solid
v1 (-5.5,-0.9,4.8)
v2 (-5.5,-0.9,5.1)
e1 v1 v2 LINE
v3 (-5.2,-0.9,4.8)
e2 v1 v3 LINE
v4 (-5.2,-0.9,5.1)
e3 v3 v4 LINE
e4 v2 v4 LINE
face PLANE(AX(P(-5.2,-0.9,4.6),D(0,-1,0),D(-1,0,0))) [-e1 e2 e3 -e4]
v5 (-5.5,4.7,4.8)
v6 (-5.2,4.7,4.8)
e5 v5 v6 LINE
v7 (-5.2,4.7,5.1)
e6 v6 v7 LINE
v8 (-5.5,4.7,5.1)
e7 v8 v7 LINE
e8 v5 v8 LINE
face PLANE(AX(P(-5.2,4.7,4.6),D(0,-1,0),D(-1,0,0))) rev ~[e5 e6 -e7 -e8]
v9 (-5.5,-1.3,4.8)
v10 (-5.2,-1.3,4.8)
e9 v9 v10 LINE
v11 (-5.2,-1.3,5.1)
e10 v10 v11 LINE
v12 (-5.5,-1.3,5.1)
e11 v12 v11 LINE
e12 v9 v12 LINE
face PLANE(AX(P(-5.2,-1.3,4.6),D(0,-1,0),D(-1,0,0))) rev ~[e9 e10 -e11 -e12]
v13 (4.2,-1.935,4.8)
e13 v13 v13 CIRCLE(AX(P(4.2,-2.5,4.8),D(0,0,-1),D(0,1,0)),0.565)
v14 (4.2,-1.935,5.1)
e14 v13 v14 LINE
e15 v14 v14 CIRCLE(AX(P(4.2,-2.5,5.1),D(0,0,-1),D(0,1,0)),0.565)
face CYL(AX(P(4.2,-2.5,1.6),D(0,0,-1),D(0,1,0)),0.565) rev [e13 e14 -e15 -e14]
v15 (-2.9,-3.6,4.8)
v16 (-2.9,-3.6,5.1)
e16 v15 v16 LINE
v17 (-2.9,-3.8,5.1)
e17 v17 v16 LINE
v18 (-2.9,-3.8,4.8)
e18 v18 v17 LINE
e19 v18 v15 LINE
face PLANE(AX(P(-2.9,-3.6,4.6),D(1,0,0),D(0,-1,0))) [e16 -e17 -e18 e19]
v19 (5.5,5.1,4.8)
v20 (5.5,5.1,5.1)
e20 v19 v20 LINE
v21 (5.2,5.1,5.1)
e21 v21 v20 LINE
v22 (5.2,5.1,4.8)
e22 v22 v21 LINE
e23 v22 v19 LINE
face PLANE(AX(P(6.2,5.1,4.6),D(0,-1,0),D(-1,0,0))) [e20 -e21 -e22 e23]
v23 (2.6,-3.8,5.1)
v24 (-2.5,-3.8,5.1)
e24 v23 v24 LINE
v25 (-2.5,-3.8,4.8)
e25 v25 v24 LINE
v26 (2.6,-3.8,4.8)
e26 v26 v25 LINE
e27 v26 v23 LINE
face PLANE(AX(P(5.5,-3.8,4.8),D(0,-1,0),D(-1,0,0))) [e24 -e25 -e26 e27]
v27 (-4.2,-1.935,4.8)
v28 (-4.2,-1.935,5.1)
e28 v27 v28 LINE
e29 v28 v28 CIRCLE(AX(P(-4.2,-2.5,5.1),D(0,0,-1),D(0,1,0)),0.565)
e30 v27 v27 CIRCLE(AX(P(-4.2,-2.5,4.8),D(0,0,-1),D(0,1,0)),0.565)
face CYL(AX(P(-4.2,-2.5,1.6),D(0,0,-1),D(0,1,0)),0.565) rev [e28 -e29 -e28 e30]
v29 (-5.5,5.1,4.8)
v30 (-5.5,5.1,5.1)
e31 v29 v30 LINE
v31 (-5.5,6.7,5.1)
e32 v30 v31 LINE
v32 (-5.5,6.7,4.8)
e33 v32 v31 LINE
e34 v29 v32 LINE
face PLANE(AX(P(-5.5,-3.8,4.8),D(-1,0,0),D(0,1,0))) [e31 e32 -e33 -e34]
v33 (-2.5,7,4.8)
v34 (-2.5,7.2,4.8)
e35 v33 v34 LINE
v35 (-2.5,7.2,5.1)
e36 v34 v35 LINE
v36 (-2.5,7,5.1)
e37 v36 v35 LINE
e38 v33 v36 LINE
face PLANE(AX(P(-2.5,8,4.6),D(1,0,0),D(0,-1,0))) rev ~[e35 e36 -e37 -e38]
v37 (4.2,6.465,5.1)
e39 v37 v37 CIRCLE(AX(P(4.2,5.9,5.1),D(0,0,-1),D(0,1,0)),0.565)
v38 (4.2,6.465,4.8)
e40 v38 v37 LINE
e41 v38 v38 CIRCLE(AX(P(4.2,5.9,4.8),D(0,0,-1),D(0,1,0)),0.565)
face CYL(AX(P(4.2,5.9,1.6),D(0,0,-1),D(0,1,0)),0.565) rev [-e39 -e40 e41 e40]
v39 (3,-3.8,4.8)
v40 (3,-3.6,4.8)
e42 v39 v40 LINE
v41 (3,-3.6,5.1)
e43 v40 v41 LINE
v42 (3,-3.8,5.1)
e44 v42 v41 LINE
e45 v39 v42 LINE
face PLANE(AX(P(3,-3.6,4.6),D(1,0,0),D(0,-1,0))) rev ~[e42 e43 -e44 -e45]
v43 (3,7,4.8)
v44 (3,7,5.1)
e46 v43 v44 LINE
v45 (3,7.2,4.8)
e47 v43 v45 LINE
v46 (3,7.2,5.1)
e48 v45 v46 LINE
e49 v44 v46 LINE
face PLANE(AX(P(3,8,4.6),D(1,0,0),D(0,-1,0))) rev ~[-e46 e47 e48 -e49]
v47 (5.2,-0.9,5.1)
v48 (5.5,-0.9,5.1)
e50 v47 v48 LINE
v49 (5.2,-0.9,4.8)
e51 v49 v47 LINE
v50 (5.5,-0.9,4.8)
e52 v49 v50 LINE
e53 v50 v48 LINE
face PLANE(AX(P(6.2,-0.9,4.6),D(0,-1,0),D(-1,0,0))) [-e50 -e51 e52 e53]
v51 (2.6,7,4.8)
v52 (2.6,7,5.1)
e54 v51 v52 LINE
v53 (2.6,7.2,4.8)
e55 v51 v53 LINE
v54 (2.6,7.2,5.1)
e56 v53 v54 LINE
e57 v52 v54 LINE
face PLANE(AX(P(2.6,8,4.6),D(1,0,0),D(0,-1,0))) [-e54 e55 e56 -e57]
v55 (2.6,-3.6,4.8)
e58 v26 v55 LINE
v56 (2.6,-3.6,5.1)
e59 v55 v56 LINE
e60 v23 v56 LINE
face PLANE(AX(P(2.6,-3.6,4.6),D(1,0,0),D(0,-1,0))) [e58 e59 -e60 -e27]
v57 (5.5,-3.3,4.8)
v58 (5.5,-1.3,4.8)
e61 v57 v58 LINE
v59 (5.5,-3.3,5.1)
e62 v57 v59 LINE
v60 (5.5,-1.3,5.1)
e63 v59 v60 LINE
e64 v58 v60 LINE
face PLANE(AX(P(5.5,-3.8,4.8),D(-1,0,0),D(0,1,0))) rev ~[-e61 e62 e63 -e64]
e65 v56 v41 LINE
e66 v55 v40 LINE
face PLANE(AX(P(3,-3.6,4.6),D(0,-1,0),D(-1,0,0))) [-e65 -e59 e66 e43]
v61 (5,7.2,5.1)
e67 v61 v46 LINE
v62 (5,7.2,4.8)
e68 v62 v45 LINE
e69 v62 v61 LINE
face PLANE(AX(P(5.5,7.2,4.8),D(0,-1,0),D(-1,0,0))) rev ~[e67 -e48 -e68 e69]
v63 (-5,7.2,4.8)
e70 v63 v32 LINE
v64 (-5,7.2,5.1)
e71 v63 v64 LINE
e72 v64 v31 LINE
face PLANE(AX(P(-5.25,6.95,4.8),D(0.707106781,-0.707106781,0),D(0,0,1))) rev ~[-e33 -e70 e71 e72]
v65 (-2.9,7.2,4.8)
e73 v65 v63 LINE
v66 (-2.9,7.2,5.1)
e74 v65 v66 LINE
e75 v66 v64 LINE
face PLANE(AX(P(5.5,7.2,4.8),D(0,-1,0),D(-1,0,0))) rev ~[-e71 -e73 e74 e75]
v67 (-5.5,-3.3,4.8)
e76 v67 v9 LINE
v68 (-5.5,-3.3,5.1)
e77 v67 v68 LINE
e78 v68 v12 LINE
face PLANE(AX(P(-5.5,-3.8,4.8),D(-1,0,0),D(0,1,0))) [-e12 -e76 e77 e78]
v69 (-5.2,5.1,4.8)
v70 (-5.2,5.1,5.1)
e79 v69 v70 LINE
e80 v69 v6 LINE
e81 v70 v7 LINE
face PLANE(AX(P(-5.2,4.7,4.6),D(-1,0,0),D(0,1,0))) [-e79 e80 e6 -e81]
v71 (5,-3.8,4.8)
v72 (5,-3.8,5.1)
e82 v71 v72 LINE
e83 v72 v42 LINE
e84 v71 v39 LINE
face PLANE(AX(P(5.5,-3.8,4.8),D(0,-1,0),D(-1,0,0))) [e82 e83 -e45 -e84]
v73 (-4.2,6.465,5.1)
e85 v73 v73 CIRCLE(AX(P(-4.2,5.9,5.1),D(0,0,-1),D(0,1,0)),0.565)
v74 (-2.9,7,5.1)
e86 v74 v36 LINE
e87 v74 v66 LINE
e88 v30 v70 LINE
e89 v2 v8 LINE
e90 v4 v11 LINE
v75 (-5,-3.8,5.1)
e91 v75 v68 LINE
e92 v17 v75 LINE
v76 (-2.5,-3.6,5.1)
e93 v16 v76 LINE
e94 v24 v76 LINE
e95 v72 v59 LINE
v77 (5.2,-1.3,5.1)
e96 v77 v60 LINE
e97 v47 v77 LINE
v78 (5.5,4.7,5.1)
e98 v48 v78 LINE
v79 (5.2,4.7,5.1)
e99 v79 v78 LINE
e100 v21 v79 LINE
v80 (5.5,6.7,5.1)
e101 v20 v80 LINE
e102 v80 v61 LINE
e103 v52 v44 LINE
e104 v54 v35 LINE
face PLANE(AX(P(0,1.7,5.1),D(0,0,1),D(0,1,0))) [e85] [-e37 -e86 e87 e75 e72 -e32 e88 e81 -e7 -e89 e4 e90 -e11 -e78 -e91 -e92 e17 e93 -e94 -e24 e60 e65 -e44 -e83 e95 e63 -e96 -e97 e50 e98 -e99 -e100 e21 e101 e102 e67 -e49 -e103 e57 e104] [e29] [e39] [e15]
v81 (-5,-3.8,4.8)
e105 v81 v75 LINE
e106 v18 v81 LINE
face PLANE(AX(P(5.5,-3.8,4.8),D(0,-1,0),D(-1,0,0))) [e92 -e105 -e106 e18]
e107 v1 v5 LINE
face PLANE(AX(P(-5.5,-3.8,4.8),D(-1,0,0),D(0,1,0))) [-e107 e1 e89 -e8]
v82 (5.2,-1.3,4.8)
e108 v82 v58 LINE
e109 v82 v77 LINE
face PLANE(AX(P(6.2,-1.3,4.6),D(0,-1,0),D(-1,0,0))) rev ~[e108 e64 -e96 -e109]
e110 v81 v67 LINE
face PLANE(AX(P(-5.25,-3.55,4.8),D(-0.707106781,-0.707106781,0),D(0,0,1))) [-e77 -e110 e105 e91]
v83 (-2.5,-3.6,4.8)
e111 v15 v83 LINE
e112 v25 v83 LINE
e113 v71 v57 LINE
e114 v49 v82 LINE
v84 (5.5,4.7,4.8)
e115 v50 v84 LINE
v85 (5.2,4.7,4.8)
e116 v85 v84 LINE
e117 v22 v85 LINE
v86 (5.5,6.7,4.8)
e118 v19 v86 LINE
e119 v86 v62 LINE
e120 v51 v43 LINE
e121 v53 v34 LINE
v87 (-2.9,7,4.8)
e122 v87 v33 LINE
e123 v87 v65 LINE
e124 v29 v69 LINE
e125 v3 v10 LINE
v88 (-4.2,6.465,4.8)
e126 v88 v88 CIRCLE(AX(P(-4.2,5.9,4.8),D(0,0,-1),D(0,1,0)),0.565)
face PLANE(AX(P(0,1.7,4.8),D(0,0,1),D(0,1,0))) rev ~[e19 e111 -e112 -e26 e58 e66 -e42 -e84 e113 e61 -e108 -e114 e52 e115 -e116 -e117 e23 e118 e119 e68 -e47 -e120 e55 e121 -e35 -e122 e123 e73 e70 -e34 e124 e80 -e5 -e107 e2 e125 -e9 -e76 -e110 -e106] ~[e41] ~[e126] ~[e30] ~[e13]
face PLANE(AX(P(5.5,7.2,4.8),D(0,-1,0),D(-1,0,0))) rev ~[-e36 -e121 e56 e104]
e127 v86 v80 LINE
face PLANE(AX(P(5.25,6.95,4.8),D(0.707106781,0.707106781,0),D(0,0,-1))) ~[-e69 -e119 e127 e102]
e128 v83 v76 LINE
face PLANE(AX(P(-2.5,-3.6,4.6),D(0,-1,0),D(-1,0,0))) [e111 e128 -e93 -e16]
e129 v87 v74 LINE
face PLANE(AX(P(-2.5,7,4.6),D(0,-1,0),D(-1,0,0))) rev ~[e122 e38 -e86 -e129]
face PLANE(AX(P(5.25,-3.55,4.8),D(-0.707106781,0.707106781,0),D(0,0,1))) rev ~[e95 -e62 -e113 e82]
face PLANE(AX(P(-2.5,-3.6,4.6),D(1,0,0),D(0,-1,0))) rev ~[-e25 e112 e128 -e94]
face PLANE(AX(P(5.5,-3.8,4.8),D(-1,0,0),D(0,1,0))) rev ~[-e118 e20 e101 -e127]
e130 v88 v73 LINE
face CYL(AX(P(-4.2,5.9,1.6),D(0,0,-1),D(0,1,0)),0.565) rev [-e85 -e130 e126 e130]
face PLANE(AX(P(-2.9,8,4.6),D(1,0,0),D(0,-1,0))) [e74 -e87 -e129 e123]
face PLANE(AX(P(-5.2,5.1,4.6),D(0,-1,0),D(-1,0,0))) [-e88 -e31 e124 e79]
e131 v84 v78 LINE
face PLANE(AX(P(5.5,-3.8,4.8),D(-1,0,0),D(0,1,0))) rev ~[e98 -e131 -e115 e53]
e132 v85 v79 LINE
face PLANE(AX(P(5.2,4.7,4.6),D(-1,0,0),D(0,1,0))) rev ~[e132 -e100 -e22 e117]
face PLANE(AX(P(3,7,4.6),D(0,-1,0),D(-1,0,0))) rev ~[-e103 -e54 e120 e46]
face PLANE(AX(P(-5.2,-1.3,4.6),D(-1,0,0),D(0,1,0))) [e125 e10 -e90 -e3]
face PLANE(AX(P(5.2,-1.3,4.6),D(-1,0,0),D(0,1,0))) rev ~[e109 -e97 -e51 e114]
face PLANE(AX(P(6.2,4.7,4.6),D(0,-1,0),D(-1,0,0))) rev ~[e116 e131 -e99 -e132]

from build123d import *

# Parameters (mm, degrees)
CYLINDER013_R          = 0.565
CYLINDER013_DEPTH      = 5
CYLINDER012_R          = 0.565
CYLINDER012_DEPTH      = 5
CYLINDER008_R          = 0.565
CYLINDER008_DEPTH      = 5
CYLINDER003_R          = 0.565
CYLINDER003_DEPTH      = 5
BOX018_W               = 0.4
BOX018_H               = 1
BOX018_DEPTH           = 1
BOX018_PLACEMENT_ANGLE = 90
BOX001_W               = 0.4
BOX001_H               = 1
BOX001_DEPTH           = 1
BOX001_PLACEMENT_ANGLE = 90
BOX014_W               = 0.4
BOX014_H               = 1
BOX014_DEPTH           = 1
BOX014_PLACEMENT_ANGLE = 90
BOX015_W               = 0.4
BOX015_H               = 1
BOX015_DEPTH           = 1
BOX015_PLACEMENT_ANGLE = 90
BOX017_W               = 0.4
BOX017_H               = 1
BOX017_DEPTH           = 1
BOX016_W               = 0.4
BOX016_H               = 1
BOX016_DEPTH           = 1
BOX013_W               = 0.4
BOX013_H               = 1
BOX013_DEPTH           = 1
BOX_W                  = 0.4
BOX_H                  = 1
BOX_DEPTH              = 1
BOX012_W               = 11
BOX012_H               = 11
BOX012_DEPTH           = 0.3
CHAMFER002_SIZE        = 0.5
CUT010_PLACEMENT_ANGLE = 90


with BuildPart() as cilindro009:
    # Cylinder013 → Cylinder013 (new body)
    with BuildSketch(Plane(origin=(4.2, -4.2, 0), x_dir=(1, 0, 0), z_dir=(0, 0, 1))):
        Circle(CYLINDER013_R)
    extrude(amount=CYLINDER013_DEPTH)


with BuildPart() as cilindro008:
    # Cylinder012 → Cylinder012 (new body)
    with BuildSketch(Plane(origin=(-4.2, -4.2, 0), x_dir=(1, 0, 0), z_dir=(0, 0, 1))):
        Circle(CYLINDER012_R)
    extrude(amount=CYLINDER012_DEPTH)


with BuildPart() as cilindro006:
    # Cylinder008 → Cylinder008 (new body)
    with BuildSketch(Plane(origin=(4.2, 4.2, 0), x_dir=(1, 0, 0), z_dir=(0, 0, 1))):
        Circle(CYLINDER008_R)
    extrude(amount=CYLINDER008_DEPTH)


with BuildPart() as cilindro007:
    # Cylinder003 → Cylinder003 (new body)
    with BuildSketch(Plane(origin=(-4.2, 4.2, 0), x_dir=(1, 0, 0), z_dir=(0, 0, 1))):
        Circle(CYLINDER003_R)
    extrude(amount=CYLINDER003_DEPTH)


with BuildPart() as pesta_adinf001:
    # Box018 → Box018 (new body)
    with BuildSketch(Plane.XY):
        with Locations((0.2, 0.5)):
            Rectangle(BOX018_W, BOX018_H)
    extrude(amount=BOX018_DEPTH)


with BuildPart() as pesta_adinf001_1:
    # Box018 placement: moved
    add(pesta_adinf001.part.moved(Location((6.3, -3, 3))).rotate(Axis((6.3, -3, 3), (0, 0, 1)), BOX018_PLACEMENT_ANGLE))


with BuildPart() as pesta_ads001:
    # Box001 → Box001 (new body)
    with BuildSketch(Plane.XY):
        with Locations((0.2, 0.5)):
            Rectangle(BOX001_W, BOX001_H)
    extrude(amount=BOX001_DEPTH)


with BuildPart() as pesta_ads001_1:
    # Box001 placement: moved
    add(pesta_ads001.part.moved(Location((6.3, 2.5, 3))).rotate(Axis((6.3, 2.5, 3), (0, 0, 1)), BOX001_PLACEMENT_ANGLE))


with BuildPart() as pesta_aiinf001:
    # Box014 → Box014 (new body)
    with BuildSketch(Plane.XY):
        with Locations((0.2, 0.5)):
            Rectangle(BOX014_W, BOX014_H)
    extrude(amount=BOX014_DEPTH)


with BuildPart() as pesta_aiinf001_1:
    # Box014 placement: moved
    add(pesta_aiinf001.part.moved(Location((-5.3, -3, 3))).rotate(Axis((-5.3, -3, 3), (0, 0, 1)), BOX014_PLACEMENT_ANGLE))


with BuildPart() as pesta_ais001:
    # Box015 → Box015 (new body)
    with BuildSketch(Plane.XY):
        with Locations((0.2, 0.5)):
            Rectangle(BOX015_W, BOX015_H)
    extrude(amount=BOX015_DEPTH)


with BuildPart() as pesta_ais001_1:
    # Box015 placement: moved
    add(pesta_ais001.part.moved(Location((-5.3, 2.5, 3))).rotate(Axis((-5.3, 2.5, 3), (0, 0, 1)), BOX015_PLACEMENT_ANGLE))


with BuildPart() as pesta_aid001:
    # Box017 → Box017 (new body)
    with BuildSketch(Plane(origin=(3, -6.2, 3), x_dir=(1, 0, 0), z_dir=(0, 0, 1))):
        with Locations((0.2, 0.5)):
            Rectangle(BOX017_W, BOX017_H)
    extrude(amount=BOX017_DEPTH)


with BuildPart() as pesta_aii001:
    # Box016 → Box016 (new body)
    with BuildSketch(Plane(origin=(-3, -6.2, 3), x_dir=(1, 0, 0), z_dir=(0, 0, 1))):
        with Locations((0.2, 0.5)):
            Rectangle(BOX016_W, BOX016_H)
    extrude(amount=BOX016_DEPTH)


with BuildPart() as pesta_asd001:
    # Box013 → Box013 (new body)
    with BuildSketch(Plane(origin=(3, 5.2, 3), x_dir=(1, 0, 0), z_dir=(0, 0, 1))):
        with Locations((0.2, 0.5)):
            Rectangle(BOX013_W, BOX013_H)
    extrude(amount=BOX013_DEPTH)


with BuildPart() as pesta_asi001:
    # Box → Box (new body)
    with BuildSketch(Plane(origin=(-3, 5.2, 3), x_dir=(1, 0, 0), z_dir=(0, 0, 1))):
        with Locations((0.2, 0.5)):
            Rectangle(BOX_W, BOX_H)
    extrude(amount=BOX_DEPTH)


with BuildPart() as chapametalica:
    # Box012 → Box012 (new body)
    with BuildSketch(Plane(origin=(-5.5, -5.5, 3.6), x_dir=(1, 0, 0), z_dir=(0, 0, 1))):
        with Locations((5.5, 5.5)):
            Rectangle(BOX012_W, BOX012_H)
    extrude(amount=BOX012_DEPTH)

    # Chamfer002
    chamfer002_edges = [chapametalica.edges().sort_by_distance(p)[0] for p in [
        (-5.5, -5.5, 3.75),
        (-5.5, 5.5, 3.75),
        (5.5, -5.5, 3.75),
        (5.5, 5.5, 3.75),
    ]]
    chamfer(chamfer002_edges, length=CHAMFER002_SIZE)


with BuildPart() as chapametalica_1:
    # Chamfer002 placement: moved
    add(chapametalica.part.moved(Location((0, 0, -0.4))))

    # Cut021: cut pestañaSI001
    add(pesta_asi001.part, mode=Mode.SUBTRACT)

    # Cut022: cut pestañaSD001
    add(pesta_asd001.part, mode=Mode.SUBTRACT)

    # Cut029: cut pestañaII001
    add(pesta_aii001.part, mode=Mode.SUBTRACT)

    # Cut006: cut pestañaID001
    add(pesta_aid001.part, mode=Mode.SUBTRACT)

    # Cut005: cut pestañaIS001
    add(pesta_ais001_1.part, mode=Mode.SUBTRACT)

    # Cut023: cut pestañaIInf001
    add(pesta_aiinf001_1.part, mode=Mode.SUBTRACT)

    # Cut009: cut pestañaDS001
    add(pesta_ads001_1.part, mode=Mode.SUBTRACT)

    # Cut003: cut pestañaDInf001
    add(pesta_adinf001_1.part, mode=Mode.SUBTRACT)

    # Cut028: cut Cilindro007
    add(cilindro007.part, mode=Mode.SUBTRACT)

    # Cut027: cut Cilindro006
    add(cilindro006.part, mode=Mode.SUBTRACT)

    # Cut004: cut Cilindro008
    add(cilindro008.part, mode=Mode.SUBTRACT)

    # Cut010: cut Cilindro009
    add(cilindro009.part, mode=Mode.SUBTRACT)


with BuildPart() as chapametalica_2:
    # Cut010 placement: moved
    add(chapametalica_1.part.moved(Location((0, 1.7, 1.6))).rotate(Axis((0, 1.7, 1.6), (0, 0, 1)), CUT010_PLACEMENT_ANGLE))


solid = chapametalica_2.part
